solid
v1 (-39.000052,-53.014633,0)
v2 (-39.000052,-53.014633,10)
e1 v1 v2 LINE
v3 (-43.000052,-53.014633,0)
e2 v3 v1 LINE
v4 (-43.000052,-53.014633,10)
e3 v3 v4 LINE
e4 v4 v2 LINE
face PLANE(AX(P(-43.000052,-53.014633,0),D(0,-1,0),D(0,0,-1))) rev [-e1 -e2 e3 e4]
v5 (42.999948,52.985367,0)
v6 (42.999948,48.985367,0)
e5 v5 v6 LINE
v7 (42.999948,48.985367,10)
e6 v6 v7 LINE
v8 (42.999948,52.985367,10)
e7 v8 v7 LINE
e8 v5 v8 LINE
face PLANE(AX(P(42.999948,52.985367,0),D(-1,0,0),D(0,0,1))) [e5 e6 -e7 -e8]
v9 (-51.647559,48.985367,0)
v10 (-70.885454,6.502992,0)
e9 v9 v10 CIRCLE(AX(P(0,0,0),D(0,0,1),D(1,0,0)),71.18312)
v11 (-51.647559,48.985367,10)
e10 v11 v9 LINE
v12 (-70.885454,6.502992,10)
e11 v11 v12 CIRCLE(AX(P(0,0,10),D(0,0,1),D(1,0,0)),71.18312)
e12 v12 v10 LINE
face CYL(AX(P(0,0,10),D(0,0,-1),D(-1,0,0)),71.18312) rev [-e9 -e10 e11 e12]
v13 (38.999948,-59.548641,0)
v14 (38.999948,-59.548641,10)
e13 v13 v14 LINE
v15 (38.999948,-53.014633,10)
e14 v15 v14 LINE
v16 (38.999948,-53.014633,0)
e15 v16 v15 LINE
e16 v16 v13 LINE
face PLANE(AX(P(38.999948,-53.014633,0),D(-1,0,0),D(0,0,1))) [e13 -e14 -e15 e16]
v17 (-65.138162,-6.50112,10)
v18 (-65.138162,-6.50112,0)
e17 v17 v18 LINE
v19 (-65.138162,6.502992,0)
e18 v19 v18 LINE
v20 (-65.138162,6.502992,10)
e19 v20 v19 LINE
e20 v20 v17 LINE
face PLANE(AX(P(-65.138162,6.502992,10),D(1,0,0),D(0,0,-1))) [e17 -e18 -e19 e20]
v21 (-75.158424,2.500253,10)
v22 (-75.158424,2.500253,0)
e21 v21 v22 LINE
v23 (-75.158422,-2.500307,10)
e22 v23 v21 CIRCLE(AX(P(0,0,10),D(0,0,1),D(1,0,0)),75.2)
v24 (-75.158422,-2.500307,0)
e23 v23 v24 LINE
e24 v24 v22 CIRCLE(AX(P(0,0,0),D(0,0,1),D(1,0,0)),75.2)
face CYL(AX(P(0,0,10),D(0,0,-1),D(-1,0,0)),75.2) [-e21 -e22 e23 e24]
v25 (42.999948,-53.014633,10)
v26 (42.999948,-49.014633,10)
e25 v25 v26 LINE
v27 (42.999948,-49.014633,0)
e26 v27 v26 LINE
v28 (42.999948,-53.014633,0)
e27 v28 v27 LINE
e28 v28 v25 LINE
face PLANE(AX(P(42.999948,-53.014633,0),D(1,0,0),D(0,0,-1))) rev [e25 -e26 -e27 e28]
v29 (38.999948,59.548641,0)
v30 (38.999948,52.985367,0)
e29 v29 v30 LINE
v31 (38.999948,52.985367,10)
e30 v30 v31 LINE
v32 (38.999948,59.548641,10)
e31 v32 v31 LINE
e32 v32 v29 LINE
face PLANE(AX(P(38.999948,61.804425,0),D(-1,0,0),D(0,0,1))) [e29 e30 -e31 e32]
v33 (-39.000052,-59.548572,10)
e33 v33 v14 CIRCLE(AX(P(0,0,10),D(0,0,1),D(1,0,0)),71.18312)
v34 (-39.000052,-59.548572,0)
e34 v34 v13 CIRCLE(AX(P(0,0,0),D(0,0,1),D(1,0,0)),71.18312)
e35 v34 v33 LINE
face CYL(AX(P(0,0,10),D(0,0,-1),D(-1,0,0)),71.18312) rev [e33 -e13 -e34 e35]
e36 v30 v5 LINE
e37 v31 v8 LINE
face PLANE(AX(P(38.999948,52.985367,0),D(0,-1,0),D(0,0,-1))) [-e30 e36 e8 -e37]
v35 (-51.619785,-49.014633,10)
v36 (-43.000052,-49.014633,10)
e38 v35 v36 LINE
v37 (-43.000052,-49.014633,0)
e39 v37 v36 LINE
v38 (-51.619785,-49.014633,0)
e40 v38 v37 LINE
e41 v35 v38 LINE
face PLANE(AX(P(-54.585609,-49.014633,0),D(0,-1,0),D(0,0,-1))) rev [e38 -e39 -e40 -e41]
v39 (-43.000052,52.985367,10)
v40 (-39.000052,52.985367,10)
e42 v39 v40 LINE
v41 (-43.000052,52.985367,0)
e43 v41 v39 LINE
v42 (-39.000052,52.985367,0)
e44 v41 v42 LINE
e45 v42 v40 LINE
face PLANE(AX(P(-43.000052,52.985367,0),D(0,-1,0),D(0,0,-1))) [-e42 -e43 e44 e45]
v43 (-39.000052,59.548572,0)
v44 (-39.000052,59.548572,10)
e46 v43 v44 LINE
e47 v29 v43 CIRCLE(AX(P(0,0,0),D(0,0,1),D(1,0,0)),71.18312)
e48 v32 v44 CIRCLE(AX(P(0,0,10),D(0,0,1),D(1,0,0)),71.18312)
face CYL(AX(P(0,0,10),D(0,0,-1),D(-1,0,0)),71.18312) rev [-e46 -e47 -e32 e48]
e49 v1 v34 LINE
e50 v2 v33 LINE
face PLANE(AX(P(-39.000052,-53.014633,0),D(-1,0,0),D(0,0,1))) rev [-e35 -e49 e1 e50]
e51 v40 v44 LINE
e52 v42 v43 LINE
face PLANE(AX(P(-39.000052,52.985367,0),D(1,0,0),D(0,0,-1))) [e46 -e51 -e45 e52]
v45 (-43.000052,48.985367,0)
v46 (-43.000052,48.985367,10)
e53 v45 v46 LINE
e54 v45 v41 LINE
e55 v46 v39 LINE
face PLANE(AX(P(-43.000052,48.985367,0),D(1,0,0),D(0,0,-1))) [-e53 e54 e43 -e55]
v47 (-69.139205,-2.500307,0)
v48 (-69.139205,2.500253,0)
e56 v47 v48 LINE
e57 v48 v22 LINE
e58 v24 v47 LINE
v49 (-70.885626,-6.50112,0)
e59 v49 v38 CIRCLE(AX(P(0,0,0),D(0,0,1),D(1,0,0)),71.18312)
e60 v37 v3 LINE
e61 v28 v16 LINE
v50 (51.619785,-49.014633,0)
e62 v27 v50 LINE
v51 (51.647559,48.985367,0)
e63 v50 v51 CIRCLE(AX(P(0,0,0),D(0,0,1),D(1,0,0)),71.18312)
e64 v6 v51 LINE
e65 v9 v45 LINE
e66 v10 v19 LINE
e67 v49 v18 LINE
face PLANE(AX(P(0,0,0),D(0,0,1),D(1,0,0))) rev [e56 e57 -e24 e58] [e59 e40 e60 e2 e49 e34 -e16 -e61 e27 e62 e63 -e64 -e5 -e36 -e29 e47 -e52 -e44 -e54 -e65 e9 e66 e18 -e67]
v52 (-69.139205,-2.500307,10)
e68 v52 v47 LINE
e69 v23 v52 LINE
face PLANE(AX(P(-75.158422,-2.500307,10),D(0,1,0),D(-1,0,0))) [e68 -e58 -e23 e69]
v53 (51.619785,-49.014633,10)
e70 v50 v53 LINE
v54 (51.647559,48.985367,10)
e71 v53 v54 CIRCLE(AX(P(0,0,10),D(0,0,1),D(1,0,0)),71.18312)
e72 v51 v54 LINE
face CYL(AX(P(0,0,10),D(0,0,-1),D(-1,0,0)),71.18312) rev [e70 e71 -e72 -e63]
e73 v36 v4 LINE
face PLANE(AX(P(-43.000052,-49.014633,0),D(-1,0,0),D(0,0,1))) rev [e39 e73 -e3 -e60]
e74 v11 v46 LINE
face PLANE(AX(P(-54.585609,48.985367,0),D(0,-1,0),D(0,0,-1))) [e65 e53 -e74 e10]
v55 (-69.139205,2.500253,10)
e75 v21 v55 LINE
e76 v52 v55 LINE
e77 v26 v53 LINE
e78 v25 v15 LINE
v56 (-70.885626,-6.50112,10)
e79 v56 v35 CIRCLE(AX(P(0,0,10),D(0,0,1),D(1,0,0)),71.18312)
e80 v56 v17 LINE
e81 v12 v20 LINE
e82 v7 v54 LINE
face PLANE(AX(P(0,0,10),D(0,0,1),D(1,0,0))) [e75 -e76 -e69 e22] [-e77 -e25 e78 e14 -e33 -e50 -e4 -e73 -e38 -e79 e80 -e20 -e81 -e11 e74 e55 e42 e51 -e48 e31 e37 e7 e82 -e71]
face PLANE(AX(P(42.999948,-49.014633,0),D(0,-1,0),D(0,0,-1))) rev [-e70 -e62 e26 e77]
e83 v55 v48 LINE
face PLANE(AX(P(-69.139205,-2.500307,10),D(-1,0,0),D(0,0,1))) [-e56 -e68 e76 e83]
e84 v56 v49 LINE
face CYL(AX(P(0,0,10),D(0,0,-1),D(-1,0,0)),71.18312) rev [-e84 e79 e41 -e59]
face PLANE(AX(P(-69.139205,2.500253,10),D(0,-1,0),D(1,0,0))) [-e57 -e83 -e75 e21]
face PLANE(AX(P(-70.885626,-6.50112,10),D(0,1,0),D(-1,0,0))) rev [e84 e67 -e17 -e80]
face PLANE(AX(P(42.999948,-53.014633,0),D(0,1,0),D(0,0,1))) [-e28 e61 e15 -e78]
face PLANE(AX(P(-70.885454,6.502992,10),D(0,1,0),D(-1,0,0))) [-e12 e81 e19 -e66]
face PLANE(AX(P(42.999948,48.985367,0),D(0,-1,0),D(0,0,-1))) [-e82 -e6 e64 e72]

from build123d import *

# Parameters (mm, degrees)
BOSS_EXTRUDE1_DEPTH = 10
BOSS_EXTRUDE2_DEPTH = 10


with BuildPart() as part:
    # Sketch1 → Boss-Extrude1 (new body)
    with BuildSketch(Plane(origin=(0, 0, 0), x_dir=(0, 1, 0), z_dir=(0, 0, 1))):
        with BuildLine():
            Line((-2.500306968, 75.158422449), (-2.500306968, 71.139205273))
            Line((-2.500306968, 71.139205273), (-2.500306968, 69.139205273))
            Line((-2.500306968, 69.139205273), (2.500252848, 69.139205273))
            Line((2.500252848, 69.139205273), (2.500252848, 71.139196387))
            Line((2.500252848, 71.139196387), (2.500252848, 75.15842425))
            ThreePointArc((2.500252848, 75.15842425), (2.7075e-05, -75.2), (-2.500306968, 75.158422449))
        make_face()
        with BuildLine():
            Line((-6.501119998, 70.885625945), (-6.501119998, 65.138162172))
            Line((-6.501119998, 65.138162172), (6.502991614, 65.138162172))
            Line((6.502991614, 65.138162172), (6.502991614, 70.885454269))
            ThreePointArc((6.502991614, 70.885454269), (-0.000939736, -71.18311967), (-6.501119998, 70.885625945))
        make_face(mode=Mode.SUBTRACT)
    extrude(amount=BOSS_EXTRUDE1_DEPTH)

    # Sketch3 → Boss-Extrude2 (add)
    with BuildSketch(Plane.XY.offset(10)):
        Polygon((42.999947541, -53.014633283), (42.999947541, -49.014633283), (55.729863476, -49.014633283), (38.999947541, -62.774922679), (38.999947541, -53.014633283), align=None)
        Polygon((42.999947541, 52.985366717), (42.999947541, 48.985366717), (54.948623561, 48.985366717), (38.999947541, 61.804425072), (38.999947541, 52.985366717), align=None)
        Polygon((-43.000052459, 52.985366717), (-39.000052459, 52.985366717), (-39.000052459, 61.804425072), (-54.585609019, 48.985366717), (-43.000052459, 48.985366717), align=None)
        Polygon((-43.000052459, -53.014633283), (-39.000052459, -53.014633283), (-39.000052459, -62.774922679), (-54.585609019, -49.014633283), (-43.000052459, -49.014633283), align=None)
    extrude(amount=-BOSS_EXTRUDE2_DEPTH)


solid = part.part
